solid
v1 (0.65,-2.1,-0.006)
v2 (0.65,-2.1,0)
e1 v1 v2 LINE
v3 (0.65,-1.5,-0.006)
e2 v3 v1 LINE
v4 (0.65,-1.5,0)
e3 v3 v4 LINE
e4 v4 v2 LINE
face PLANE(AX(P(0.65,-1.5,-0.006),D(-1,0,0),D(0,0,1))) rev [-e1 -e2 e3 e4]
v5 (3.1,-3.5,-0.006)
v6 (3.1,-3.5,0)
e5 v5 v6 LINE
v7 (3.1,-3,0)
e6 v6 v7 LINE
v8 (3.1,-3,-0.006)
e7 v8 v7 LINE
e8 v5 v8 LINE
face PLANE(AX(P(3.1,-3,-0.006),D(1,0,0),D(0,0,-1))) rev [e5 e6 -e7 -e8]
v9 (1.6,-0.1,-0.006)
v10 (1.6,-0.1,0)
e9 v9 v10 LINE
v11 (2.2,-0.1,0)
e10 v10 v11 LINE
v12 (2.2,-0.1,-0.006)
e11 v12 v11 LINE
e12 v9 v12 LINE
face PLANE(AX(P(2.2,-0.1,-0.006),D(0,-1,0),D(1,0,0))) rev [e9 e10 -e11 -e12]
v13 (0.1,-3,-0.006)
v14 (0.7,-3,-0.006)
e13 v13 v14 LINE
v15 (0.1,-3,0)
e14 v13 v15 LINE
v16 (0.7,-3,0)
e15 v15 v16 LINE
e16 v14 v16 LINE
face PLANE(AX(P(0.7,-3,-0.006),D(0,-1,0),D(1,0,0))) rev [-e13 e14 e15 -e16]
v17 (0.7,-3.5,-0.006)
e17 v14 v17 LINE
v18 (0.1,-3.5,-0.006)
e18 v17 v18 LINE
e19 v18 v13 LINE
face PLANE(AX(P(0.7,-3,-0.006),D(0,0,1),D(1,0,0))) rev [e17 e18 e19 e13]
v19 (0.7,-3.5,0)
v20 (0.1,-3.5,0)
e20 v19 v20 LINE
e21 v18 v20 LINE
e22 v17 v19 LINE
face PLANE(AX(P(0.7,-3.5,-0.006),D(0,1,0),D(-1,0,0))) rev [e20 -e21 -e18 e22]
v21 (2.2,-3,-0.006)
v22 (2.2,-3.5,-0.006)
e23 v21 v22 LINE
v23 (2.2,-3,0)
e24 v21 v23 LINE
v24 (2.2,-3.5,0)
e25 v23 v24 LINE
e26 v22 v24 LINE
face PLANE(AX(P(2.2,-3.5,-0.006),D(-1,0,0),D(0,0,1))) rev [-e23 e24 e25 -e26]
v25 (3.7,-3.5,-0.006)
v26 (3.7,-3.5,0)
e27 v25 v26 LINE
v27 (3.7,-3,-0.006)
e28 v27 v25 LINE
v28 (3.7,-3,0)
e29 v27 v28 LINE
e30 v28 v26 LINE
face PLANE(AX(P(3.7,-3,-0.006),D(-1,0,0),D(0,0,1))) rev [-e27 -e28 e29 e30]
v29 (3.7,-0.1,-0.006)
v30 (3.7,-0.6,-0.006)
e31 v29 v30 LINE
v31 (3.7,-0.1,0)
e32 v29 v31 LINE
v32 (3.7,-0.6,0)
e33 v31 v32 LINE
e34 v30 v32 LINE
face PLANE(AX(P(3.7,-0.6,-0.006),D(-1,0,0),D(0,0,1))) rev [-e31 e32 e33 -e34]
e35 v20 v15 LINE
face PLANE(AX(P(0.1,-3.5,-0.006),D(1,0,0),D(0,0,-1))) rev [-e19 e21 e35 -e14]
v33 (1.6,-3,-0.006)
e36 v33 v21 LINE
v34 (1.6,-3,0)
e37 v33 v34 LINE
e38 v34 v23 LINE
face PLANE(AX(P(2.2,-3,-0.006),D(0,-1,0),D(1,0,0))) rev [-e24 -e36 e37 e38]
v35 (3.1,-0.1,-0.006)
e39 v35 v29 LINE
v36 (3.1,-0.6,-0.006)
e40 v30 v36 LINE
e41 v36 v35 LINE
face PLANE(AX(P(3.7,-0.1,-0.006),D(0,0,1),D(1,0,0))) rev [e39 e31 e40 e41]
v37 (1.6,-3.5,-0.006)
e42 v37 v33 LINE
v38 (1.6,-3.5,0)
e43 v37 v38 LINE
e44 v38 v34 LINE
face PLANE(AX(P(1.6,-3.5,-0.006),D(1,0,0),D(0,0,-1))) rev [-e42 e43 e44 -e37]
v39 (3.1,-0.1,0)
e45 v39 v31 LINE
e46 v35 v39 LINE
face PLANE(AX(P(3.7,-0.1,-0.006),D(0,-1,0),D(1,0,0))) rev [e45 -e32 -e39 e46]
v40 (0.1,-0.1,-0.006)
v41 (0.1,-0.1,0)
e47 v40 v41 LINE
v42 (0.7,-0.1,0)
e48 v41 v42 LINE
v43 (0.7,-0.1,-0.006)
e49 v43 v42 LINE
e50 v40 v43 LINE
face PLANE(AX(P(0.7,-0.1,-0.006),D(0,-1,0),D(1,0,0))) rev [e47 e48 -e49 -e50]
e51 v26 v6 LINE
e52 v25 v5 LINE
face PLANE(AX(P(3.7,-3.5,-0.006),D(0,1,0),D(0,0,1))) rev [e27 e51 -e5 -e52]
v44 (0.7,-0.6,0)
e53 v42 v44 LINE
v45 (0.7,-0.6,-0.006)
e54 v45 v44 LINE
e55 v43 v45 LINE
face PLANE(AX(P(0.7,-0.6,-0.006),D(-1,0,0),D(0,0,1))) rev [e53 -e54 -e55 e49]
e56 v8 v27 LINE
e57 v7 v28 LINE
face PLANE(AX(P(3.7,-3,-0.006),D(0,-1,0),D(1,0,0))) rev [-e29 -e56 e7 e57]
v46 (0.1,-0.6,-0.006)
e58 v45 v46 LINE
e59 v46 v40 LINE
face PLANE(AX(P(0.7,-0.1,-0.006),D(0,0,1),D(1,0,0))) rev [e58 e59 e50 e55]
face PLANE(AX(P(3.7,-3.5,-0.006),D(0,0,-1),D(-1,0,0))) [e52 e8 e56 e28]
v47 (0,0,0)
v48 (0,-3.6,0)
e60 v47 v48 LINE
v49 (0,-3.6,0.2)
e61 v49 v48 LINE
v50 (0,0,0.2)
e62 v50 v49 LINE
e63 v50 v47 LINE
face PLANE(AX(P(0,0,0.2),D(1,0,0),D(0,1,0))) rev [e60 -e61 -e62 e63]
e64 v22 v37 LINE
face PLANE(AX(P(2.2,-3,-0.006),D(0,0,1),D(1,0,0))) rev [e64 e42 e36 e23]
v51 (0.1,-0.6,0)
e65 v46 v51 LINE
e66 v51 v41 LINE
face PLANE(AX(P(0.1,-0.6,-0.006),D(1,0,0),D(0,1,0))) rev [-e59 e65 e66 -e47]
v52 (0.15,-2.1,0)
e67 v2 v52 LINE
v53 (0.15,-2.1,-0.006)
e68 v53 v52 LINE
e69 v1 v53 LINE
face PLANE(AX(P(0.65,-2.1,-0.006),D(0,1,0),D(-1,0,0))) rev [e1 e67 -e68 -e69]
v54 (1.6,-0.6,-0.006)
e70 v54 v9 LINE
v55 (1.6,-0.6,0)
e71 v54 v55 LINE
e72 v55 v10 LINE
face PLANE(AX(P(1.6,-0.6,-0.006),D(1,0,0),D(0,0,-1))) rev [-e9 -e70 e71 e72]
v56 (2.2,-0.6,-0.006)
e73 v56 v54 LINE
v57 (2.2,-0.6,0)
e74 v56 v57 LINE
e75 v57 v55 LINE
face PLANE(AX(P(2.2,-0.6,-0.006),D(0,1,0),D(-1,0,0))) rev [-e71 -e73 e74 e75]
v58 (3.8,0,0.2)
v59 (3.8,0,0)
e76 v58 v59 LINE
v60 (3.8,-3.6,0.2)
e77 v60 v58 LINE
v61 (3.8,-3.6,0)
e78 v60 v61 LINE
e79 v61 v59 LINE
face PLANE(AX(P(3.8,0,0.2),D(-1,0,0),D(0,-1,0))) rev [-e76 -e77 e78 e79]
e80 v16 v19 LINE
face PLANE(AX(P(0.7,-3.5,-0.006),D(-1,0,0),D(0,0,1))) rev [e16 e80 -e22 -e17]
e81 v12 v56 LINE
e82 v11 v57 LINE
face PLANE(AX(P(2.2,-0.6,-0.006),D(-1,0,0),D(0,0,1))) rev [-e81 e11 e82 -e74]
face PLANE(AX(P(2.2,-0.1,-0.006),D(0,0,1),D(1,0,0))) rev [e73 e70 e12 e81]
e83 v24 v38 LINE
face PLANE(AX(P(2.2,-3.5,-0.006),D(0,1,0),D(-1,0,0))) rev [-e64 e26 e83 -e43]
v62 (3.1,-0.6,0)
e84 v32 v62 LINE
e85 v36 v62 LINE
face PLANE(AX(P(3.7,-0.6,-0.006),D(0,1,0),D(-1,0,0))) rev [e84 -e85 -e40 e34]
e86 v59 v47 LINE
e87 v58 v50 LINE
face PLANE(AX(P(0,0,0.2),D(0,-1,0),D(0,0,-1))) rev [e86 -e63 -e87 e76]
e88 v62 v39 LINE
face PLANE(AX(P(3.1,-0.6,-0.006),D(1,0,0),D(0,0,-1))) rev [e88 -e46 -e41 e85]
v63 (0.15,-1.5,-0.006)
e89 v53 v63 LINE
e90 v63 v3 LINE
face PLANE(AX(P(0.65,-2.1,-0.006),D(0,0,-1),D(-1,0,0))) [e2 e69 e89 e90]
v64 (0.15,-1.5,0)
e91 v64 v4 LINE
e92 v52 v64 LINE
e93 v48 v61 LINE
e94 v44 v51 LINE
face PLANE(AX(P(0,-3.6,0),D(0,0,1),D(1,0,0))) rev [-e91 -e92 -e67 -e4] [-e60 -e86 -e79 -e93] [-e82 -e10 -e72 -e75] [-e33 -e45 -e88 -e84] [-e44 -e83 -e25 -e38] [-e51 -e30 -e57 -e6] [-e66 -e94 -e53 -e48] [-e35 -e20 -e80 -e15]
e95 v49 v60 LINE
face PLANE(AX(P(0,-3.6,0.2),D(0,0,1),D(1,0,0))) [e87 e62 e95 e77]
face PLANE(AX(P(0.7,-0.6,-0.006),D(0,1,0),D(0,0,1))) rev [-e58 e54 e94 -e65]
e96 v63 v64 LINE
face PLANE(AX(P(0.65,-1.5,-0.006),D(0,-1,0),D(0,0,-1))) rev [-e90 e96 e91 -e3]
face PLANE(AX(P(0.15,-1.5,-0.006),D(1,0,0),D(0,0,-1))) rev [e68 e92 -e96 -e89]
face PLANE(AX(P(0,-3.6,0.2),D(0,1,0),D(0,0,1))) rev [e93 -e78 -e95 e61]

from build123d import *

# Parameters (mm, degrees)
SKETCH_1_W      = 3.8
SKETCH_1_H      = 3.6
EXTRUDE_1_DEPTH = 0.2
SKETCH_2_W      = 0.5
SKETCH_2_H      = 0.6
SKETCH_2_W_2    = 0.6
SKETCH_2_H_2    = 0.5
EXTRUDE_2_DEPTH = 0.006


with BuildPart() as part:
    # Эскиз1 → Бобышка-Вытянуть1 (new body)
    with BuildSketch(Plane.XY):
        with Locations((1.9, -1.8)):
            Rectangle(SKETCH_1_W, SKETCH_1_H)
    extrude(amount=EXTRUDE_1_DEPTH)

    # Эскиз2 → Бобышка-Вытянуть2 (add)
    with BuildSketch(Plane(origin=(0, 0, 0), x_dir=(-1, 0, 0), z_dir=(0, 0, -1))):
        with Locations((-0.4, -1.8)):
            Rectangle(SKETCH_2_W, SKETCH_2_H)
        with Locations((-1.9, -3.25)):
            Rectangle(SKETCH_2_W_2, SKETCH_2_H_2)
        with Locations((-3.4, -3.25)):
            Rectangle(SKETCH_2_W_2, SKETCH_2_H_2)
        with Locations((-3.4, -0.35)):
            Rectangle(SKETCH_2_W_2, SKETCH_2_H_2)
        with Locations((-1.9, -0.35)):
            Rectangle(SKETCH_2_W_2, SKETCH_2_H_2)
        with Locations((-0.4, -3.25)):
            Rectangle(SKETCH_2_W_2, SKETCH_2_H_2)
        with Locations((-0.4, -0.35)):
            Rectangle(SKETCH_2_W_2, SKETCH_2_H_2)
    extrude(amount=EXTRUDE_2_DEPTH)


solid = part.part
